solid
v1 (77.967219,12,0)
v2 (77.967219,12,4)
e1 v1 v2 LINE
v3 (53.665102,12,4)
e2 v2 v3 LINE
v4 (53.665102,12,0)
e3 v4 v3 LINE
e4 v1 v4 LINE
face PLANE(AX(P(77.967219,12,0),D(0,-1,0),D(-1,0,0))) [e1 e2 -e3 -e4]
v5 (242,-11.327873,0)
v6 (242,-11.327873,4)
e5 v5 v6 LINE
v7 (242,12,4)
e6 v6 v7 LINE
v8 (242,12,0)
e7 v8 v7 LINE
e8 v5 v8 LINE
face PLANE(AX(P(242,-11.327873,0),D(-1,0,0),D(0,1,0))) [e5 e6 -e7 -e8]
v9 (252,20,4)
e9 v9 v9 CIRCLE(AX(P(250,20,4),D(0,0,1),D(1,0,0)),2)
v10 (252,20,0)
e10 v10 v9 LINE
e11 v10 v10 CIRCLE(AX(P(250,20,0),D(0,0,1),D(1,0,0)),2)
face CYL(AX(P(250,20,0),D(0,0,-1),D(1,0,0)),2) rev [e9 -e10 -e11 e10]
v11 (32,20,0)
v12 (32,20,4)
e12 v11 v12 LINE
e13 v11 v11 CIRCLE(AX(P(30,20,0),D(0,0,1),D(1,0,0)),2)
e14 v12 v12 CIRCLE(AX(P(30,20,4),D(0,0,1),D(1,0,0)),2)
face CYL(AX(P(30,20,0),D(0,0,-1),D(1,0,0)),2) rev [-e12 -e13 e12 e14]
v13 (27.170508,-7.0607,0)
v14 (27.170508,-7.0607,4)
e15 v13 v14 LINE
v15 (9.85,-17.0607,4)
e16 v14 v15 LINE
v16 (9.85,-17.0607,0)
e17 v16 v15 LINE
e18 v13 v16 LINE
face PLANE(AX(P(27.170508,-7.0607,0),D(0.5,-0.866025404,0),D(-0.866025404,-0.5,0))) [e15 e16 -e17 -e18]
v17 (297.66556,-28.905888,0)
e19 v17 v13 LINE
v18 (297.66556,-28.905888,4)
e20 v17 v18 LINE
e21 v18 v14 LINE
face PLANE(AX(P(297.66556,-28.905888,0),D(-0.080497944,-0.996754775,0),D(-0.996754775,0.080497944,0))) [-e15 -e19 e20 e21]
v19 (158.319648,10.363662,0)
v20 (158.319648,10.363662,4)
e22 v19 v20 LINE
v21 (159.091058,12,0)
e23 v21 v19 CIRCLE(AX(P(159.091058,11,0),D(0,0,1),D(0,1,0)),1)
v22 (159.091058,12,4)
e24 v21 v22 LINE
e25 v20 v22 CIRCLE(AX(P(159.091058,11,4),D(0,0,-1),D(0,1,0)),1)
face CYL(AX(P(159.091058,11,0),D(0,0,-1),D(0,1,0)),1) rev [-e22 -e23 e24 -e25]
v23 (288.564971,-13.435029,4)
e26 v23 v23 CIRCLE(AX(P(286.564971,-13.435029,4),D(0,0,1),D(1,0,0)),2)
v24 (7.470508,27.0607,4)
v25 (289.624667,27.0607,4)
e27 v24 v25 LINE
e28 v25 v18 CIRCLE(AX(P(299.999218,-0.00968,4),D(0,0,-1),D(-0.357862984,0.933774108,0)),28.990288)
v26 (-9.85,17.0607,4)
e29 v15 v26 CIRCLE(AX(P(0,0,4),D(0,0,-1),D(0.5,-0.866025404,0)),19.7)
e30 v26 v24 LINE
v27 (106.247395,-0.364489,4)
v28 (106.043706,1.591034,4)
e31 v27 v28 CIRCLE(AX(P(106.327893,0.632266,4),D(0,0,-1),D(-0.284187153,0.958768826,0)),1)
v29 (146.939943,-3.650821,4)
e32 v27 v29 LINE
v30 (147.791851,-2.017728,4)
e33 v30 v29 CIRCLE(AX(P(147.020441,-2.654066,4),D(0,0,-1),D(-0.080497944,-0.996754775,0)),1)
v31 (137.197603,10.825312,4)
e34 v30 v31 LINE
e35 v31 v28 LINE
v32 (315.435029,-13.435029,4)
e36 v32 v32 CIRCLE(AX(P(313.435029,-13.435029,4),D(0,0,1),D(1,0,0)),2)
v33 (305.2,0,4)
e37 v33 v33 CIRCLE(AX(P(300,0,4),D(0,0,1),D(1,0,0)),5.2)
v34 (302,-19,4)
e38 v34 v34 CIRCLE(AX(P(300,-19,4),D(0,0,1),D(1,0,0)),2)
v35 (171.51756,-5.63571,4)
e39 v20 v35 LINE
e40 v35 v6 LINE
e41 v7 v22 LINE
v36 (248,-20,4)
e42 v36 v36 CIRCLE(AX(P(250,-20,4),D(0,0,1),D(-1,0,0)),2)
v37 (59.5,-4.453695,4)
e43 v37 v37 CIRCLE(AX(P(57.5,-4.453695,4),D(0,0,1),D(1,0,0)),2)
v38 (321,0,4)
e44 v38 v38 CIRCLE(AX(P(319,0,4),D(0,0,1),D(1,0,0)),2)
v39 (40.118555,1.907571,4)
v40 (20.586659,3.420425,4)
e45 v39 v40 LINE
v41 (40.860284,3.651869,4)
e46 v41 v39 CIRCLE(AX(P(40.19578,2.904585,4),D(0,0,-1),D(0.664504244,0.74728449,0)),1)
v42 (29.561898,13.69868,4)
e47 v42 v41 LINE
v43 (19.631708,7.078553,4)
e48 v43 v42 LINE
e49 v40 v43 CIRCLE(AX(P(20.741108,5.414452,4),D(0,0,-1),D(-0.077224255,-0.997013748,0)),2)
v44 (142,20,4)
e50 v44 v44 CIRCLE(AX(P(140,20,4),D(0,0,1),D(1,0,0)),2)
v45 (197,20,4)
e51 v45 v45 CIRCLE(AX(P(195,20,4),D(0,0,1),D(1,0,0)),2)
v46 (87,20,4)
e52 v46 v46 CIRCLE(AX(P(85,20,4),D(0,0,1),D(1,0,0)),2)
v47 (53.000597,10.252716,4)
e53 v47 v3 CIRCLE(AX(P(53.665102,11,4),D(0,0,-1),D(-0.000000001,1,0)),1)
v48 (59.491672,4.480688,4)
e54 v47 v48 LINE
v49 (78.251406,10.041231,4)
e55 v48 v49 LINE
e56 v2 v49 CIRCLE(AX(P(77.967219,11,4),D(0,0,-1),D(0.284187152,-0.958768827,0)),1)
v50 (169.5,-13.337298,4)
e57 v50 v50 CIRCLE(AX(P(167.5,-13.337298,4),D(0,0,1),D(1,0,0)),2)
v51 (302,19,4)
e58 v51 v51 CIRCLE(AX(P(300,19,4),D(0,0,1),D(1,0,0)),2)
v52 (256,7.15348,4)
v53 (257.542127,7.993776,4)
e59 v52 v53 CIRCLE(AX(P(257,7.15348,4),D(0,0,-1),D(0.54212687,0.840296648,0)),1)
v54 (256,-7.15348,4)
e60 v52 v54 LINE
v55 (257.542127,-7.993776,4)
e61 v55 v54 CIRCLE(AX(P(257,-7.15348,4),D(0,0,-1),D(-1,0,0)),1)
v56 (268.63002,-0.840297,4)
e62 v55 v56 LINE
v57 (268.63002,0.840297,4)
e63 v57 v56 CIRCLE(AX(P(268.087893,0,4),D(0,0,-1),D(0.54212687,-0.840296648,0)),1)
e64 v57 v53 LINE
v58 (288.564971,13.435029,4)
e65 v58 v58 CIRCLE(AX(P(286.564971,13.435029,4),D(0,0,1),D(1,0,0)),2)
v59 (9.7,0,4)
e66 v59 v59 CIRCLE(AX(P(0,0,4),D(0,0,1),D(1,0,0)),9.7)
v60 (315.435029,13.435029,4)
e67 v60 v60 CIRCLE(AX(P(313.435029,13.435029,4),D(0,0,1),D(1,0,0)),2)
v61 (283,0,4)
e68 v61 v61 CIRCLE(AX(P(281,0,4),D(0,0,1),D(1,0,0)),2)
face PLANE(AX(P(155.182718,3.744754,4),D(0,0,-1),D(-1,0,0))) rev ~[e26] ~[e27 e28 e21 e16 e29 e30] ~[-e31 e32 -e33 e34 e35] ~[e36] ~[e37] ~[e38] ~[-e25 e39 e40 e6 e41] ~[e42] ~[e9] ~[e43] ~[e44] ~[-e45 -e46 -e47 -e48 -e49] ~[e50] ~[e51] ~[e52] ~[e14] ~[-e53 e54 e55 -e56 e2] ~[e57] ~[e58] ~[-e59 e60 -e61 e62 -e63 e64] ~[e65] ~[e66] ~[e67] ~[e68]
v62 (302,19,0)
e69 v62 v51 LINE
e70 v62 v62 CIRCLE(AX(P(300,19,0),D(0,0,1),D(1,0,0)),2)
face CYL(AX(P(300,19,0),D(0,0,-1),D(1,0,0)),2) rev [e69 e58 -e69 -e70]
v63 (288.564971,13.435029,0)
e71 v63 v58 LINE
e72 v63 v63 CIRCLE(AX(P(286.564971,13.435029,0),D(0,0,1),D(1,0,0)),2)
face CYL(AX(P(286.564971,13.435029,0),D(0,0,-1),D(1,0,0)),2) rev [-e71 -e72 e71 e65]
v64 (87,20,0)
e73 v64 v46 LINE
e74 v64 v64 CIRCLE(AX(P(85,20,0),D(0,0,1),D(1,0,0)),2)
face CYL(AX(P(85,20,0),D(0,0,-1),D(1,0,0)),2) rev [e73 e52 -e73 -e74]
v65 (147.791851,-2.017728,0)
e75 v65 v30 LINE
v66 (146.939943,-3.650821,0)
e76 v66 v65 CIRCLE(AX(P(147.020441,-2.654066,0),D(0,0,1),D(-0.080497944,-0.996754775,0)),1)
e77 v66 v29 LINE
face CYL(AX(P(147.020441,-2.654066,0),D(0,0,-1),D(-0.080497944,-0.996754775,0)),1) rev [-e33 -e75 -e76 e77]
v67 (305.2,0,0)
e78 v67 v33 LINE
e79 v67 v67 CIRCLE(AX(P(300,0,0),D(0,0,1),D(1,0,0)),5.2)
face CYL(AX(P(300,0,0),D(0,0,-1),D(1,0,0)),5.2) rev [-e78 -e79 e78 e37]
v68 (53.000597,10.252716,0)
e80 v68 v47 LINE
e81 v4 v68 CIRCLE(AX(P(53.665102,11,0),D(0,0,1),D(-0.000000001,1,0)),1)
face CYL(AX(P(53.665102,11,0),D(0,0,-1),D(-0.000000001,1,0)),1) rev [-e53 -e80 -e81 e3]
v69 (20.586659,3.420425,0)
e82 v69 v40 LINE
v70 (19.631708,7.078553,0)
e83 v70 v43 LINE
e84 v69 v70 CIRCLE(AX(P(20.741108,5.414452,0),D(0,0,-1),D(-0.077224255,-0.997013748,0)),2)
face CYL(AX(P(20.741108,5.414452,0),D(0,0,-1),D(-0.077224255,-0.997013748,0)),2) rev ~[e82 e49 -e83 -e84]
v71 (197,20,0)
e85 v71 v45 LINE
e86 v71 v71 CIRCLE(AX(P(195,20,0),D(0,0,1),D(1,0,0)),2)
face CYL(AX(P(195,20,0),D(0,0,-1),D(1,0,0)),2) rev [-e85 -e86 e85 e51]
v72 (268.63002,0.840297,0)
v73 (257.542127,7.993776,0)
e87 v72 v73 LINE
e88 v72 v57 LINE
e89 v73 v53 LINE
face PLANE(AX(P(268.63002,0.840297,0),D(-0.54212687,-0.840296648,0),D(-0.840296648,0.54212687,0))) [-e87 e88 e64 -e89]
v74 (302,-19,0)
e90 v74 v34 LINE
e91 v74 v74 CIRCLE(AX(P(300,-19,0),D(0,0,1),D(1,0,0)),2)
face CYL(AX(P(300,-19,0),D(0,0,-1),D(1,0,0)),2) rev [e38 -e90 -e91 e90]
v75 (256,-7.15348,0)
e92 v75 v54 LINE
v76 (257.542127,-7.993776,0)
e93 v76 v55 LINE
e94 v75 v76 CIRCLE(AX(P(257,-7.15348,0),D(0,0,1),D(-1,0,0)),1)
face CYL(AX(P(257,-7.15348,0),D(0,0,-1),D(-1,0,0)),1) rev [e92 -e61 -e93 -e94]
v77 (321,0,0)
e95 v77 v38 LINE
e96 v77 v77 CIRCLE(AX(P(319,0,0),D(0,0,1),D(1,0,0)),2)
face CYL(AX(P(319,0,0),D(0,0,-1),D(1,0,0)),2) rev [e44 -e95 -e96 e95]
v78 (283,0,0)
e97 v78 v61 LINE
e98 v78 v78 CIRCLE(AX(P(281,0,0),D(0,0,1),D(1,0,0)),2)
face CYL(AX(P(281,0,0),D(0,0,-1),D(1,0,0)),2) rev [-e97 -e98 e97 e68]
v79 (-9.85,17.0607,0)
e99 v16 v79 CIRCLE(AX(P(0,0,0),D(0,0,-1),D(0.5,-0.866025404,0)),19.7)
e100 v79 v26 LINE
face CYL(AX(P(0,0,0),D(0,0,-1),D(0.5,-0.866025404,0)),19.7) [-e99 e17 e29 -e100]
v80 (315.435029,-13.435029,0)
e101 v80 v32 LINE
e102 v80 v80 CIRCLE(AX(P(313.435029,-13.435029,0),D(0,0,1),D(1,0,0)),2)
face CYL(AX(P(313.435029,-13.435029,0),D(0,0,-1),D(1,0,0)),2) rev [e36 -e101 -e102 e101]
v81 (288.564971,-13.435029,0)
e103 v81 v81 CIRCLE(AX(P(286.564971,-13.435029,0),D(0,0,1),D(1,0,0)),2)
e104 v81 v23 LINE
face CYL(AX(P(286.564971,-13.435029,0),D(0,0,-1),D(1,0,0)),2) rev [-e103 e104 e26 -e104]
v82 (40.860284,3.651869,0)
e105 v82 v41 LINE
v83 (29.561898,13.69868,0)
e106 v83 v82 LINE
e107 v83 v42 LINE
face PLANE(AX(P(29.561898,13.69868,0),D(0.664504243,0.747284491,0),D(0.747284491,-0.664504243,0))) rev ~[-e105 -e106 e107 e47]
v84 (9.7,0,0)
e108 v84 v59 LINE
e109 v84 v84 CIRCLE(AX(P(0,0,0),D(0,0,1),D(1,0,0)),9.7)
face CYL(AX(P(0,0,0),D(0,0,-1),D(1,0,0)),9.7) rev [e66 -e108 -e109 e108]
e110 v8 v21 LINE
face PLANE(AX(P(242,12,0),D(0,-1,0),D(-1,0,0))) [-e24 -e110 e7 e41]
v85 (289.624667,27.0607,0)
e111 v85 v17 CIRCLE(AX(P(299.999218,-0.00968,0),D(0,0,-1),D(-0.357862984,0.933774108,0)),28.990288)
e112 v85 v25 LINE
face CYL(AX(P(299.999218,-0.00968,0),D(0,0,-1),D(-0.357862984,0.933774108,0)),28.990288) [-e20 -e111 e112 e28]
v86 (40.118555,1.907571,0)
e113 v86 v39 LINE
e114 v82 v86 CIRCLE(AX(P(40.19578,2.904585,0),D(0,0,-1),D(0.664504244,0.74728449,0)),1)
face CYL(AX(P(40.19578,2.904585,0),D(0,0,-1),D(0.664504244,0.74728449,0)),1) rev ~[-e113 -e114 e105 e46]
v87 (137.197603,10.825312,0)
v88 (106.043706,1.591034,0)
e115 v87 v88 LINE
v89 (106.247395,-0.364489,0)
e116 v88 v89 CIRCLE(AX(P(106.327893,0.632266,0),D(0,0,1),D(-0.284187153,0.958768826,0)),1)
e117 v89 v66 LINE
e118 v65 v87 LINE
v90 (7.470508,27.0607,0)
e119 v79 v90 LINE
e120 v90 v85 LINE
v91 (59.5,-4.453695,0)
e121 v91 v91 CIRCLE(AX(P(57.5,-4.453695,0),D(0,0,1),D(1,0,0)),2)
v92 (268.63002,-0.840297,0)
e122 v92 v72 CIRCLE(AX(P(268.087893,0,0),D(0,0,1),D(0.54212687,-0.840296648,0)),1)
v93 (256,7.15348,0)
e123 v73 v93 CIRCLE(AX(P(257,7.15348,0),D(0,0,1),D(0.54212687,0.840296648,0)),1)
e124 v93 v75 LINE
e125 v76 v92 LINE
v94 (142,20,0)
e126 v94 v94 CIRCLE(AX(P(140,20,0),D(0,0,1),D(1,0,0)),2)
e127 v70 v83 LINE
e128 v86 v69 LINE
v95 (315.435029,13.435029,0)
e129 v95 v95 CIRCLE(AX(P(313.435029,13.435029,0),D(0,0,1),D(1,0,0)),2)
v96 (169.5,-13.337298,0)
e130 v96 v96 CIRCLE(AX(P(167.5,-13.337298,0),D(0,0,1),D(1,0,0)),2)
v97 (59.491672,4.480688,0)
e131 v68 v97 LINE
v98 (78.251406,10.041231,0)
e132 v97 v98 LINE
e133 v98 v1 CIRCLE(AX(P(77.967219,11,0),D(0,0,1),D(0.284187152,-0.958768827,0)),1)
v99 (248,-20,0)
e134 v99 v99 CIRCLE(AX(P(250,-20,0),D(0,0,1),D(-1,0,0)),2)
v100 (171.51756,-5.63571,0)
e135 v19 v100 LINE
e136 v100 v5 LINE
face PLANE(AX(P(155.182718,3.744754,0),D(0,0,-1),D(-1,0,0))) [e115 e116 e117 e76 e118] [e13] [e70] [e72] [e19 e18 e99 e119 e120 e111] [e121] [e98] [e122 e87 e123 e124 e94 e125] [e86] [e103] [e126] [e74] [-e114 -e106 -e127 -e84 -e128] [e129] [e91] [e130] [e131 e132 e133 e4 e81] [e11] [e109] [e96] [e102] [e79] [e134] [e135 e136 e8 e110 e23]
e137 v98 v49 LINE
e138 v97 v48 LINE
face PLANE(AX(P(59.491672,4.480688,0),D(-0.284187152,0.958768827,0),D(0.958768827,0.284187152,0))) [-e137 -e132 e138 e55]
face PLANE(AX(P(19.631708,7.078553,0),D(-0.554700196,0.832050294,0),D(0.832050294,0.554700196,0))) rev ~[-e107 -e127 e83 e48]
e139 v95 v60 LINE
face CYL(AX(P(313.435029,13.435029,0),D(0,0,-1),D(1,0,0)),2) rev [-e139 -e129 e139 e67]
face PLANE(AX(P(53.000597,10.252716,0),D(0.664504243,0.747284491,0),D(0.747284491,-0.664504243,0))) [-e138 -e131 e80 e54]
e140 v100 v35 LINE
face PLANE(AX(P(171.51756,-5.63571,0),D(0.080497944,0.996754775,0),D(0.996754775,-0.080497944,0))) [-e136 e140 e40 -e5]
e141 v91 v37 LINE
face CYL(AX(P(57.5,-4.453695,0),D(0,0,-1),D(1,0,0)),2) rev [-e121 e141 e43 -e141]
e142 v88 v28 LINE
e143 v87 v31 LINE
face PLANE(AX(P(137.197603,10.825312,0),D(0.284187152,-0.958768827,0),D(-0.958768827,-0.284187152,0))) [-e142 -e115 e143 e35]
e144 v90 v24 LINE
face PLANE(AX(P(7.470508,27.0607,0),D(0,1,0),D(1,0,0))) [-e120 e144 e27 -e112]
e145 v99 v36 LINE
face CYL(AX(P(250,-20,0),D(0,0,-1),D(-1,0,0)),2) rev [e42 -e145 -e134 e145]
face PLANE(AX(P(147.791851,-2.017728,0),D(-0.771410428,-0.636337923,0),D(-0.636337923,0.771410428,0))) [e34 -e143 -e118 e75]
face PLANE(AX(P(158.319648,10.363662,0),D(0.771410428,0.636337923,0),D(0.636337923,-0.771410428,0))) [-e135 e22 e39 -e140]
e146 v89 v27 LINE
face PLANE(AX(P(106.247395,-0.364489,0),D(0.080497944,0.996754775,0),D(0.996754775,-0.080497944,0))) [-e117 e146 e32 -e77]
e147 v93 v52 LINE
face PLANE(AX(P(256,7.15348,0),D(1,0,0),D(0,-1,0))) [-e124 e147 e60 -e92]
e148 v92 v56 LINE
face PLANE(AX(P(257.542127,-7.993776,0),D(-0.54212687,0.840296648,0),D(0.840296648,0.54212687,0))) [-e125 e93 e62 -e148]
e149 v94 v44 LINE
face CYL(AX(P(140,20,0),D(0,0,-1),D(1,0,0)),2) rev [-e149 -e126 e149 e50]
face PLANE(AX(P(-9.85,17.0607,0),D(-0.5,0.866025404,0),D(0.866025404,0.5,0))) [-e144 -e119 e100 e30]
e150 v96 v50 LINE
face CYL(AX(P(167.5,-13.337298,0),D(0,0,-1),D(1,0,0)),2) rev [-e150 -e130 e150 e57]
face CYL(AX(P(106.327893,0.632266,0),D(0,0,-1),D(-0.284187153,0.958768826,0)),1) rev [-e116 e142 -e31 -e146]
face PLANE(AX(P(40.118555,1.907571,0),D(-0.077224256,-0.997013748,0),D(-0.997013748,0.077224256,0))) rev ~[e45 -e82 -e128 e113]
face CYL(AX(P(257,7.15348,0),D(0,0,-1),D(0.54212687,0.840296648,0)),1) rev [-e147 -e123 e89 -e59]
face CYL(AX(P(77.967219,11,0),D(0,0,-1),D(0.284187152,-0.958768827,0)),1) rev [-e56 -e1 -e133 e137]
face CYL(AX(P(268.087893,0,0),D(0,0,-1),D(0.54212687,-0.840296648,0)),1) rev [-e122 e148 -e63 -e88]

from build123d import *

# Parameters (mm, degrees)
SKETCH_1_R          = 9.7
SKETCH_1_R_2        = 5.2
SKETCH_1_R_3        = 2
EXTRUDE_1_DEPTH     = 4
CUT_EXTRUDE_1_DEPTH = 10


with BuildPart() as part:
    # 草图1 → 凸台-拉伸1 (new body)
    with BuildSketch(Plane.XY):
        with BuildLine():
            Line((-9.85, 17.060700455), (7.470508076, 27.060700455))
            Line((7.470508076, 27.060700455), (289.624667154, 27.060700455))
            ThreePointArc((289.624667154, 27.060700455), (328.694852344, 4.11311011), (297.66555963, -28.905888469))
            Line((297.66555963, -28.905888469), (27.170508076, -7.060700455))
            Line((27.170508076, -7.060700455), (9.85, -17.060700455))
            ThreePointArc((9.85, -17.060700455), (-17.060700455, -9.85), (-9.85, 17.060700455))
        make_face()
        Circle(SKETCH_1_R, mode=Mode.SUBTRACT)
        with Locations((300, 0)):
            Circle(SKETCH_1_R_2, mode=Mode.SUBTRACT)
        with Locations((319, 0)):
            Circle(SKETCH_1_R_3, mode=Mode.SUBTRACT)
        with Locations((313.435028843, -13.435028843)):
            Circle(SKETCH_1_R_3, mode=Mode.SUBTRACT)
        with Locations((300, -19)):
            Circle(SKETCH_1_R_3, mode=Mode.SUBTRACT)
        with Locations((286.564971157, -13.435028843)):
            Circle(SKETCH_1_R_3, mode=Mode.SUBTRACT)
        with Locations((281, 0)):
            Circle(SKETCH_1_R_3, mode=Mode.SUBTRACT)
        with Locations((286.564971157, 13.435028843)):
            Circle(SKETCH_1_R_3, mode=Mode.SUBTRACT)
        with Locations((300, 19)):
            Circle(SKETCH_1_R_3, mode=Mode.SUBTRACT)
        with Locations((313.435028843, 13.435028843)):
            Circle(SKETCH_1_R_3, mode=Mode.SUBTRACT)
        with Locations((250, 20)):
            Circle(SKETCH_1_R_3, mode=Mode.SUBTRACT)
        with Locations((195, 20)):
            Circle(SKETCH_1_R_3, mode=Mode.SUBTRACT)
        with Locations((140, 20)):
            Circle(SKETCH_1_R_3, mode=Mode.SUBTRACT)
        with Locations((85, 20)):
            Circle(SKETCH_1_R_3, mode=Mode.SUBTRACT)
        with Locations((30, 20)):
            Circle(SKETCH_1_R_3, mode=Mode.SUBTRACT)
        with Locations(Location((250, -20, 0), (0, 0, 180))):
            Circle(SKETCH_1_R_3, mode=Mode.SUBTRACT)
        with Locations((167.5, -13.337297667)):
            Circle(SKETCH_1_R_3, mode=Mode.SUBTRACT)
        with Locations((57.5, -4.453694555)):
            Circle(SKETCH_1_R_3, mode=Mode.SUBTRACT)
    extrude(amount=EXTRUDE_1_DEPTH)

    # 草图2 → 切除-拉伸1 (cut)
    with BuildSketch(Plane(origin=(0, 0, 0), x_dir=(-1, 0, 0), z_dir=(0, 0, -1))):
        with BuildLine():
            Line((-137.197603441, 10.82531174), (-106.043706264, 1.591034337))
            ThreePointArc((-106.043706264, 1.591034337), (-105.333274422, 0.528665045), (-106.247395472, -0.364489265))
            Line((-106.247395472, -0.364489265), (-146.939942745, -3.650820533))
            ThreePointArc((-146.939942745, -3.650820533), (-147.907056702, -3.116572023), (-147.791851116, -2.017727835))
            Line((-147.791851116, -2.017727835), (-137.197603441, 10.82531174))
        make_face()
        with BuildLine():
            Line((-242, 12), (-159.091058121, 12))
            ThreePointArc((-159.091058121, 12), (-158.186531194, 11.426416508), (-158.319647694, 10.363662077))
            Line((-158.319647694, 10.363662077), (-171.517559676, -5.635709572))
            Line((-171.517559676, -5.635709572), (-242, -11.327873446))
            Line((-242, -11.327873446), (-242, 12))
        make_face()
        with BuildLine():
            Line((-77.967218715, 12), (-53.665101582, 12))
            ThreePointArc((-53.665101582, 12), (-52.730413268, 11.355468359), (-53.000597339, 10.252715509))
            Line((-53.000597339, 10.252715509), (-59.49167188, 4.480688084))
            Line((-59.49167188, 4.480688084), (-78.251405867, 10.041231173))
            ThreePointArc((-78.251405867, 10.041231173), (-78.956857242, 11.14358129), (-77.967218715, 12))
        make_face()
        with BuildLine():
            Line((-268.630020148, 0.840296648), (-257.54212687, 7.993776182))
            ThreePointArc((-257.54212687, 7.993776182), (-256.52152684, 8.031581712), (-256, 7.153479534))
            Line((-256, 7.153479534), (-256, -7.153479534))
            ThreePointArc((-256, -7.153479534), (-256.52152684, -8.031581712), (-257.54212687, -7.993776182))
            Line((-257.54212687, -7.993776182), (-268.630020148, -0.840296648))
            ThreePointArc((-268.630020148, -0.840296648), (-269.087893278, 0), (-268.630020148, 0.840296648))
        make_face()
        with BuildLine():
            Line((-19.631707517, 7.078552885), (-29.56189752, 13.698679554))
            Line((-29.56189752, 13.698679554), (-40.860283753, 3.651869157))
            ThreePointArc((-40.860283753, 3.651869157), (-41.116034111, 2.513264507), (-40.118555254, 1.907570918))
            Line((-40.118555254, 1.907570918), (-20.586659398, 3.4204248))
            ThreePointArc((-20.586659398, 3.4204248), (-18.805958358, 4.909282805), (-19.631707517, 7.078552885))
        make_face()
    extrude(amount=-CUT_EXTRUDE_1_DEPTH, mode=Mode.SUBTRACT)


solid = part.part
